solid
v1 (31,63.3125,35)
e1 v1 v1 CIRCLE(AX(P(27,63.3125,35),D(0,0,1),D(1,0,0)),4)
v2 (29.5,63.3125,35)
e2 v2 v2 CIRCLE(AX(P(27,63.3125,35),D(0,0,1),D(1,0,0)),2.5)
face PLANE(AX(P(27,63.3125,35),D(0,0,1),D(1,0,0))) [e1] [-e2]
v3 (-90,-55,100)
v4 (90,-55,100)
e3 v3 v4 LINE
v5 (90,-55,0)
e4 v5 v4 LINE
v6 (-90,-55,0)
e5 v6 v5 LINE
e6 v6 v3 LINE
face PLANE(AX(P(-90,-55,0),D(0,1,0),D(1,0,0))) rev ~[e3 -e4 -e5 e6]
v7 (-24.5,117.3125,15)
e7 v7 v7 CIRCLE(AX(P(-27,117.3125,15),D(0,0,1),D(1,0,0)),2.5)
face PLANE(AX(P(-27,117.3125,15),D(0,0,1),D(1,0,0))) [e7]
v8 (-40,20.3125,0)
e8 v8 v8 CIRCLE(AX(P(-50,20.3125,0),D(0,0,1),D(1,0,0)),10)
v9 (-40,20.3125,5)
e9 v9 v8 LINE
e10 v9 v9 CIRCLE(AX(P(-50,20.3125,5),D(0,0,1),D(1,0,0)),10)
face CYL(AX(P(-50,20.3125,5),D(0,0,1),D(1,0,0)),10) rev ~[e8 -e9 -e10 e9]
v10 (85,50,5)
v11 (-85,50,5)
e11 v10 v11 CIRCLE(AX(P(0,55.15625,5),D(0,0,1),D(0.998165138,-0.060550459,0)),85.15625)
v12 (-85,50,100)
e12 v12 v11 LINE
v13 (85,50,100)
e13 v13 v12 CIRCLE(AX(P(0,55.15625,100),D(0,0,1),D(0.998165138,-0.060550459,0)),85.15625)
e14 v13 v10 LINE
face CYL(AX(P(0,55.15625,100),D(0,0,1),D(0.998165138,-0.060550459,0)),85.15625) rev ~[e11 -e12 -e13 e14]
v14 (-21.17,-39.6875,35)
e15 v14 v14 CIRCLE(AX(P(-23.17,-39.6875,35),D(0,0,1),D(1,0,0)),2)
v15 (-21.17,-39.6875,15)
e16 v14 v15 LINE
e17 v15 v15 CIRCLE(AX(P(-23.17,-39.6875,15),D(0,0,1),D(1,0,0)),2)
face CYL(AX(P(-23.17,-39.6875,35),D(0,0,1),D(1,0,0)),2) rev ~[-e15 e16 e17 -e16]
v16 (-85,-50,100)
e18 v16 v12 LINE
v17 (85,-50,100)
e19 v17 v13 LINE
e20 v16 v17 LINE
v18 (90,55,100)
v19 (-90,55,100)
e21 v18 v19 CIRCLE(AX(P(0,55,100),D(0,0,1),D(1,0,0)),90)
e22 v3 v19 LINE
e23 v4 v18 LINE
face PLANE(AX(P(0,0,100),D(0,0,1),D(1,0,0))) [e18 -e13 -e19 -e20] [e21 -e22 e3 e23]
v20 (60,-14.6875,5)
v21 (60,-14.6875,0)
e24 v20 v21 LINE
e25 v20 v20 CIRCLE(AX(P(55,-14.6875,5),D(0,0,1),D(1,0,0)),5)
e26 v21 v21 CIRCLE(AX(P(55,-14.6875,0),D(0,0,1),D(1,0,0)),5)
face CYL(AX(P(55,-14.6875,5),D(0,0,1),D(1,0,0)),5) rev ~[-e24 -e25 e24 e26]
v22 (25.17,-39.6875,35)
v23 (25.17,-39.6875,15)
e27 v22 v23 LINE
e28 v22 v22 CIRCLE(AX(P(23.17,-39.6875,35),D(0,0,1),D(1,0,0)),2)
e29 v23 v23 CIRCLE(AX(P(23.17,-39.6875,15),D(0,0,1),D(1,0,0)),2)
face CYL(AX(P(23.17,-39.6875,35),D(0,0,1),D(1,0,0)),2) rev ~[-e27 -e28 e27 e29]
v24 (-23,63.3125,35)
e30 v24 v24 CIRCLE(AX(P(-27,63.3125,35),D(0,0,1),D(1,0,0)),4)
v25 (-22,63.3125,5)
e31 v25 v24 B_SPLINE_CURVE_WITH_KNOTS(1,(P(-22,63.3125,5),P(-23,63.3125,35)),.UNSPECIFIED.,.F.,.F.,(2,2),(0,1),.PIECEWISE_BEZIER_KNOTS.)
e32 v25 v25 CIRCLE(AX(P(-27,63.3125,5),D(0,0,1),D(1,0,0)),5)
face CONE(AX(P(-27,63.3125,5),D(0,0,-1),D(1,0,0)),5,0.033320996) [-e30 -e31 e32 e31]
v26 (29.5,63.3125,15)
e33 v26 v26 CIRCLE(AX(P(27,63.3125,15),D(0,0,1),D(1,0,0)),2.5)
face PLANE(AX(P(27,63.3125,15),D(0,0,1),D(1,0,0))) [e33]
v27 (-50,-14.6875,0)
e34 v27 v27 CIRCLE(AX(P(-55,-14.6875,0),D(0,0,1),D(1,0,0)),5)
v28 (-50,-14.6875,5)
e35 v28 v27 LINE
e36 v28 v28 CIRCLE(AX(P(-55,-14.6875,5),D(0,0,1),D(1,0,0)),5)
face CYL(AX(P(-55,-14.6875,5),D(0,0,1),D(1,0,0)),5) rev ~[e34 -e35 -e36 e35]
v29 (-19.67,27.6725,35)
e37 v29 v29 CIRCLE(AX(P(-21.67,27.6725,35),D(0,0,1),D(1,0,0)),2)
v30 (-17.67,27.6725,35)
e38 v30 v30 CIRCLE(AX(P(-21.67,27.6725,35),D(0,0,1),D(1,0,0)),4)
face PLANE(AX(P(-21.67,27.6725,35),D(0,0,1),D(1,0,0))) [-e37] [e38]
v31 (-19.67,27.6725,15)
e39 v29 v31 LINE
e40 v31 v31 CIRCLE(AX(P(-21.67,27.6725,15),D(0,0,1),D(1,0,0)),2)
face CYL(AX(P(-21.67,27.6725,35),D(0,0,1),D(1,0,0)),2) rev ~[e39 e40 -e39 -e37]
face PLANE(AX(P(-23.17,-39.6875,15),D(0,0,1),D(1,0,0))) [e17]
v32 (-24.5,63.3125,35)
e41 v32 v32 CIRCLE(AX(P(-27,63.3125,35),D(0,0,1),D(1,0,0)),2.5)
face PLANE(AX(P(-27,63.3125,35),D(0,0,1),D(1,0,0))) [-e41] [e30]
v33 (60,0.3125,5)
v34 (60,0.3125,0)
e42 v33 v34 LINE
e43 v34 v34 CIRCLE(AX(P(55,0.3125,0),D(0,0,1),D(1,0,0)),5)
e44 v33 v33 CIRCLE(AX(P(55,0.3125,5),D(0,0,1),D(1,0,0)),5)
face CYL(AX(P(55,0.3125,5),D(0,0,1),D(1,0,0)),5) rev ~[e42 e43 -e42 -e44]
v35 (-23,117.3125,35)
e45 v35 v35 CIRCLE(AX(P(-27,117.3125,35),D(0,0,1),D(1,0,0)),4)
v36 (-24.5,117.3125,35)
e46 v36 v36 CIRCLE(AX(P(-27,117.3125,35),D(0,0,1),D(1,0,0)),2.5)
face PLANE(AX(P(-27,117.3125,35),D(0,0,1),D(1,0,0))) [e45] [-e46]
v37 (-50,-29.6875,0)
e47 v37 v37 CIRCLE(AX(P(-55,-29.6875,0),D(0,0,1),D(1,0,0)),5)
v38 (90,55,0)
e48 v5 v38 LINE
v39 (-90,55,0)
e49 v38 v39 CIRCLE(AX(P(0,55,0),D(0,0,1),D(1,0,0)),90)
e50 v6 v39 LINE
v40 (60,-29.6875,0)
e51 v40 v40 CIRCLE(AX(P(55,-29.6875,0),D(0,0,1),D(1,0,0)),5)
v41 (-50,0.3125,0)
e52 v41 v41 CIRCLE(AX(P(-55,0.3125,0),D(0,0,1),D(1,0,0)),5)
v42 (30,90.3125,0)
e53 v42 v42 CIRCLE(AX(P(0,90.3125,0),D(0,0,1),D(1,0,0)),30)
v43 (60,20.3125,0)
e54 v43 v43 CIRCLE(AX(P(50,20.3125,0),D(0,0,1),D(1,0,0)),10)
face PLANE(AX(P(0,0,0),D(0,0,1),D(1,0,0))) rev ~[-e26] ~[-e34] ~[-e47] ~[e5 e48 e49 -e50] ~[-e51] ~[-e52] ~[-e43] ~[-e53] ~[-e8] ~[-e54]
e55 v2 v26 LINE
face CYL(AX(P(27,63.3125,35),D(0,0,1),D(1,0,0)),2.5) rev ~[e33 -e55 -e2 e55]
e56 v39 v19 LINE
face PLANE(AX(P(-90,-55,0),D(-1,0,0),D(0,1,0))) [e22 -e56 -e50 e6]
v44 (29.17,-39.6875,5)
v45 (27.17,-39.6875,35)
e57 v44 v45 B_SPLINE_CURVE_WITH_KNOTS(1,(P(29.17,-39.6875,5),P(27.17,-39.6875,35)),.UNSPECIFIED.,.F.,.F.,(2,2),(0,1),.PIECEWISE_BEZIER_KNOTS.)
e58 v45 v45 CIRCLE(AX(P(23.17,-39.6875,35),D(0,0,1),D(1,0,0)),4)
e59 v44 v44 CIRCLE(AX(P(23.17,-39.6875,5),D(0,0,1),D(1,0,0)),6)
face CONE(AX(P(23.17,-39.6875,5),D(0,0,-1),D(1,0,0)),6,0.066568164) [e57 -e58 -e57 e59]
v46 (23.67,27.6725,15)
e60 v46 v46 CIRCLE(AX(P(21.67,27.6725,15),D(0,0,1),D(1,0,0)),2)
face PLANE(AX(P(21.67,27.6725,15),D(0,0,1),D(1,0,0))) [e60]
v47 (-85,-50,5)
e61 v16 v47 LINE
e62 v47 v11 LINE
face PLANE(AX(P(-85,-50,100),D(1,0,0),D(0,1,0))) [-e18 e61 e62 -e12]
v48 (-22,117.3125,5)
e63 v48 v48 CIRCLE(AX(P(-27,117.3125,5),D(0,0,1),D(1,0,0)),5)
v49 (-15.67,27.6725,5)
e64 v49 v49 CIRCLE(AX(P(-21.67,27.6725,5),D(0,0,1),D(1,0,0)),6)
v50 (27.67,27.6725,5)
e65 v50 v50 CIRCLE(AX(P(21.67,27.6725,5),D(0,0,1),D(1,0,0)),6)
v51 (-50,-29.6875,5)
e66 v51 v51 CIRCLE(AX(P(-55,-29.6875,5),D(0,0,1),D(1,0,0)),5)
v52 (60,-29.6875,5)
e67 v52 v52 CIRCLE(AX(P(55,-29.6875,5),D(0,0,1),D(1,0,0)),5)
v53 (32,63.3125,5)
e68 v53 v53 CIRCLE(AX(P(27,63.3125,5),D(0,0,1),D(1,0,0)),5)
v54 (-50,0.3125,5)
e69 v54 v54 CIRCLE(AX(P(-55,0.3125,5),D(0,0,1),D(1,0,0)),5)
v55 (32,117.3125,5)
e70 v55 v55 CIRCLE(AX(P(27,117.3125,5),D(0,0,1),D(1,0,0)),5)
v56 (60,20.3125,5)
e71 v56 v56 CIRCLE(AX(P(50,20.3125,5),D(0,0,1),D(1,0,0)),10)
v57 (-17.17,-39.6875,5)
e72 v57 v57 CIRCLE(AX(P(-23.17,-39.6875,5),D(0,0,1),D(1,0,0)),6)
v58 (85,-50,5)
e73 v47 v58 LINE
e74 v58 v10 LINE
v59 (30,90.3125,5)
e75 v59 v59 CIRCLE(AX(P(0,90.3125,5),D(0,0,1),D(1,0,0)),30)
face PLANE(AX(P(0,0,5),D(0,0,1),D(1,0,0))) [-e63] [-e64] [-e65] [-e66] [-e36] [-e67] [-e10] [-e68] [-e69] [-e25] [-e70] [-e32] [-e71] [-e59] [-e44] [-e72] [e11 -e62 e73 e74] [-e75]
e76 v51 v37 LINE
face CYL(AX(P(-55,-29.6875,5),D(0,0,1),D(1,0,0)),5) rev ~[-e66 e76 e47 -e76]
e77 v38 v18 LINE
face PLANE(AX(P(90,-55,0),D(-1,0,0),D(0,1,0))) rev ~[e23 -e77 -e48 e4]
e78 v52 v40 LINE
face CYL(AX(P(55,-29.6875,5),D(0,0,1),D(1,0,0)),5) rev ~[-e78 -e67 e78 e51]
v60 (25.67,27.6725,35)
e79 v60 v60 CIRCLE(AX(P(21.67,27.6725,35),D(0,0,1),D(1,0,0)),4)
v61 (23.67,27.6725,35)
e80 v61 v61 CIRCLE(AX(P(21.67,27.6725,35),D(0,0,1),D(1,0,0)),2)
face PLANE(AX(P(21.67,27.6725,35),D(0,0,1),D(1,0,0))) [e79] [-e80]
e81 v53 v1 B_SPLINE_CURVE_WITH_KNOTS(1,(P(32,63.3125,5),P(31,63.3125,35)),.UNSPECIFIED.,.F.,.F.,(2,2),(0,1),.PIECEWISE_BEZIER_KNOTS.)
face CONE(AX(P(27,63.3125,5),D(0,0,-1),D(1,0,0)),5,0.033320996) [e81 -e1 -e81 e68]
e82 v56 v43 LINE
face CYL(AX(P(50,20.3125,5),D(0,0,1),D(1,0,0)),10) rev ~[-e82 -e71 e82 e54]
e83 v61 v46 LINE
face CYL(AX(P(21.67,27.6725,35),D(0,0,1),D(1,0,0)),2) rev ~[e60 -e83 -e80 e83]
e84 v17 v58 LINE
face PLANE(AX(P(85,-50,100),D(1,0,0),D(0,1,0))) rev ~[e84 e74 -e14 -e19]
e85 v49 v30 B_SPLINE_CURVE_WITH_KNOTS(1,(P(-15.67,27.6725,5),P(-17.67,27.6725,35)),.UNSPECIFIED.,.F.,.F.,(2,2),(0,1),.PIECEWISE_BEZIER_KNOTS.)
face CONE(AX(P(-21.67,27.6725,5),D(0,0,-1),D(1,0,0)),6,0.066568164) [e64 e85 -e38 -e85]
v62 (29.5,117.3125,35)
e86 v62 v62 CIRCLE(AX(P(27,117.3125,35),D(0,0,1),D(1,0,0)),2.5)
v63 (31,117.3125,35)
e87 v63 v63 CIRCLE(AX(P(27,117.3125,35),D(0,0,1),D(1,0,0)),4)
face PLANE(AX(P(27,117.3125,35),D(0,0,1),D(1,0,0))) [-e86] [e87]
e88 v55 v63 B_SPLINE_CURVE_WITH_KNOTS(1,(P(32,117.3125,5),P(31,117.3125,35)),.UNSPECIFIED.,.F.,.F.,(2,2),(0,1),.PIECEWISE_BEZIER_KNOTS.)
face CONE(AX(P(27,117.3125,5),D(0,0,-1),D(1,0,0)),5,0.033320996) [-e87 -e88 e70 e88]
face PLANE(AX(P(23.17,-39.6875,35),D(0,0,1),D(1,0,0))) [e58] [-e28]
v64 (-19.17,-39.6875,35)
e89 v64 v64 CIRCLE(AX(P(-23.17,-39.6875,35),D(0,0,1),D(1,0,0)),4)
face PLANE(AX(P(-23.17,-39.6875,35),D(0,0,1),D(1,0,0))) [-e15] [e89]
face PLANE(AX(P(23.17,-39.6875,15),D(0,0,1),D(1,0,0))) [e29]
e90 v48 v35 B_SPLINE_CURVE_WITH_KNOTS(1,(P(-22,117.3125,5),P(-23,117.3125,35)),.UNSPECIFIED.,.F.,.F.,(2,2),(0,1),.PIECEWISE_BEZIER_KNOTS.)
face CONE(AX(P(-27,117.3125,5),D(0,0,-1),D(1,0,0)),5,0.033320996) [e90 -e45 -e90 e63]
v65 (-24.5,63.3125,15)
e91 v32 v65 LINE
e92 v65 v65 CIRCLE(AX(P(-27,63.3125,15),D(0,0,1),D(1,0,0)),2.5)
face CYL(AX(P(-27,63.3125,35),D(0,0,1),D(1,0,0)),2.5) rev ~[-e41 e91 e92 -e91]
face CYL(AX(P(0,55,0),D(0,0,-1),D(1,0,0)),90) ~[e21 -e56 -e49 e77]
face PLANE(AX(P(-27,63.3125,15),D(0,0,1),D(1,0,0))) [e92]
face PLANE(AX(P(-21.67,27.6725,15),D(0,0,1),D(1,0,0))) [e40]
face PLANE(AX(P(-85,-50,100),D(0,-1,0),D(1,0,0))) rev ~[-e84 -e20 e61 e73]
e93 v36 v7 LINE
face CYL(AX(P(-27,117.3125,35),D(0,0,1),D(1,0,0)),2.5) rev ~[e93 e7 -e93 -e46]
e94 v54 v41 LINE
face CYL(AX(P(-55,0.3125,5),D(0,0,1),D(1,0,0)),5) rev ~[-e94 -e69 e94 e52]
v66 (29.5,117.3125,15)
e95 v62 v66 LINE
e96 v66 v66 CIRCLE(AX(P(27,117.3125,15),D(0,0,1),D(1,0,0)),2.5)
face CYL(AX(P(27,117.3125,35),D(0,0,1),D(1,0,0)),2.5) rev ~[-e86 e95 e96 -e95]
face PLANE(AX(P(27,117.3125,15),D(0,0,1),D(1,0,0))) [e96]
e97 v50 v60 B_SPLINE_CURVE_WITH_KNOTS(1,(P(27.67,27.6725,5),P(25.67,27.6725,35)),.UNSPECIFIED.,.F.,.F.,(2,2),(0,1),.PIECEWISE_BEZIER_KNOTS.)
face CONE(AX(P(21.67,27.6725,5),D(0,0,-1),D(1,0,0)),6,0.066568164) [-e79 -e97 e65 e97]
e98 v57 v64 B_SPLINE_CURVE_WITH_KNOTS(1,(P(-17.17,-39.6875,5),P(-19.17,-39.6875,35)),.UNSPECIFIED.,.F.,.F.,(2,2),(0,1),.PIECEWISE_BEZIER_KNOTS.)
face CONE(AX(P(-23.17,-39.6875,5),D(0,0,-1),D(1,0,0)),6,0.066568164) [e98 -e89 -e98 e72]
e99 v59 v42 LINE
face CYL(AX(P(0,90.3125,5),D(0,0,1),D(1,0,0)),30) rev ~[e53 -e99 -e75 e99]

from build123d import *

# Parameters (mm, degrees)
F0_W      = 180
F0_H      = 110
F1_DEPTH  = 100
F2_W      = 170
F2_H      = 100
F3_DEPTH  = 95
F4_R      = 30
F4_R_2    = 5
F4_R_3    = 10
F5_DEPTH  = 5.001
F6_R      = 6
F8_R      = 4
F6_R_2    = 5
F13_R     = 2
F13_R_2   = 2.5
F18_DEPTH = 20


with BuildPart() as f1:
    # F0 (on Top) → F1 (new body)
    with BuildSketch(Plane.XY):
        Rectangle(F0_W, F0_H)
        with BuildLine():
            Line((-90, 55), (90, 55))
            ThreePointArc((90, 55), (0, 145), (-90, 55))
        make_face()
    extrude(amount=F1_DEPTH)

    # F2 (on face) → F3 (cut)
    with BuildSketch(Plane.XY.offset(100)):
        Rectangle(F2_W, F2_H)
        with BuildLine():
            Line((-85, 50), (85, 50))
            ThreePointArc((85, 50), (0, 140.3125000018), (-85, 50))
        make_face()
    extrude(amount=-F3_DEPTH, mode=Mode.SUBTRACT)

    # F4 (on face) → F5 (cut, through all)
    with BuildSketch(Plane.XY.offset(5)):
        with Locations((0, 90.3125000018)):
            Circle(F4_R)
        with Locations((-55, 0.3125000018)):
            Circle(F4_R_2)
        with Locations((-55, -14.6874999982)):
            Circle(F4_R_2)
        with Locations((55, 0.3125000018)):
            Circle(F4_R_2)
        with Locations((55, -14.6874999982)):
            Circle(F4_R_2)
        with Locations((-50, 20.3125000018)):
            Circle(F4_R_3)
        with Locations((50, 20.3125000018)):
            Circle(F4_R_3)
        with Locations((-55, -29.6874999982)):
            Circle(F4_R_2)
        with Locations((55, -29.6874999982)):
            Circle(F4_R_2)
    extrude(amount=-F5_DEPTH, mode=Mode.SUBTRACT)

    # F6 (on face) → F9 section 0
    with BuildSketch(Plane.XY.offset(5)):
        with Locations((-21.67, 27.6725000018)):
            Circle(F6_R)
    # F8 (on offset) → F9 section 1
    with BuildSketch(Plane.XY.offset(35)):
        with Locations((-21.67, 27.6725000018)):
            Circle(F8_R)
    loft()

    # F6 (on face) → F10 section 0
    with BuildSketch(Plane.XY.offset(5)):
        with Locations((21.67, 27.6725000018)):
            Circle(F6_R)
    # F8 (on offset) → F10 section 1
    with BuildSketch(Plane.XY.offset(35)):
        with Locations((21.67, 27.6725000018)):
            Circle(F8_R)
    loft()

    # F6 (on face) → F11 section 0
    with BuildSketch(Plane.XY.offset(5)):
        with Locations((-23.17, -39.6874999982)):
            Circle(F6_R)
    # F8 (on offset) → F11 section 1
    with BuildSketch(Plane.XY.offset(35)):
        with Locations((-23.17, -39.6874999982)):
            Circle(F8_R)
    loft()

    # F6 (on face) → F12 section 0
    with BuildSketch(Plane.XY.offset(5)):
        with Locations((23.17, -39.6874999982)):
            Circle(F6_R)
    # F8 (on offset) → F12 section 1
    with BuildSketch(Plane.XY.offset(35)):
        with Locations((23.17, -39.6874999982)):
            Circle(F8_R)
    loft()

    # F6 (on face) → F14 section 0
    with BuildSketch(Plane.XY.offset(5)):
        with Locations((27, 117.3125000004)):
            Circle(F6_R_2)
    # F8 (on offset) → F14 section 1
    with BuildSketch(Plane.XY.offset(35)):
        with Locations((27, 117.3125000004)):
            Circle(F8_R)
    loft()

    # F6 (on face) → F15 section 0
    with BuildSketch(Plane.XY.offset(5)):
        with Locations((27, 63.3125000004)):
            Circle(F6_R_2)
    # F8 (on offset) → F15 section 1
    with BuildSketch(Plane.XY.offset(35)):
        with Locations((27, 63.3125000004)):
            Circle(F8_R)
    loft()

    # F6 (on face) → F16 section 0
    with BuildSketch(Plane.XY.offset(5)):
        with Locations((-27, 63.3125000004)):
            Circle(F6_R_2)
    # F8 (on offset) → F16 section 1
    with BuildSketch(Plane.XY.offset(35)):
        with Locations((-27, 63.3125000004)):
            Circle(F8_R)
    loft()

    # F6 (on face) → F17 section 0
    with BuildSketch(Plane.XY.offset(5)):
        with Locations((-27, 117.3125000004)):
            Circle(F6_R_2)
    # F8 (on offset) → F17 section 1
    with BuildSketch(Plane.XY.offset(35)):
        with Locations((-27, 117.3125000004)):
            Circle(F8_R)
    loft()

    # F13 (on face) → F18 (cut)
    with BuildSketch(Plane.XY.offset(35)):
        with Locations((-21.67, 27.6725000018)):
            Circle(F13_R)
        with Locations((21.67, 27.6725000018)):
            Circle(F13_R)
        with Locations((23.17, -39.6874999982)):
            Circle(F13_R)
        with Locations((-23.17, -39.6874999982)):
            Circle(F13_R)
        with Locations((27, 63.3125000004)):
            Circle(F13_R_2)
        with Locations((27, 117.3125000004)):
            Circle(F13_R_2)
        with Locations((-27, 63.3125000004)):
            Circle(F13_R_2)
        with Locations((-27, 117.3125000004)):
            Circle(F13_R_2)
    extrude(amount=-F18_DEPTH, mode=Mode.SUBTRACT)


solid = f1.part
